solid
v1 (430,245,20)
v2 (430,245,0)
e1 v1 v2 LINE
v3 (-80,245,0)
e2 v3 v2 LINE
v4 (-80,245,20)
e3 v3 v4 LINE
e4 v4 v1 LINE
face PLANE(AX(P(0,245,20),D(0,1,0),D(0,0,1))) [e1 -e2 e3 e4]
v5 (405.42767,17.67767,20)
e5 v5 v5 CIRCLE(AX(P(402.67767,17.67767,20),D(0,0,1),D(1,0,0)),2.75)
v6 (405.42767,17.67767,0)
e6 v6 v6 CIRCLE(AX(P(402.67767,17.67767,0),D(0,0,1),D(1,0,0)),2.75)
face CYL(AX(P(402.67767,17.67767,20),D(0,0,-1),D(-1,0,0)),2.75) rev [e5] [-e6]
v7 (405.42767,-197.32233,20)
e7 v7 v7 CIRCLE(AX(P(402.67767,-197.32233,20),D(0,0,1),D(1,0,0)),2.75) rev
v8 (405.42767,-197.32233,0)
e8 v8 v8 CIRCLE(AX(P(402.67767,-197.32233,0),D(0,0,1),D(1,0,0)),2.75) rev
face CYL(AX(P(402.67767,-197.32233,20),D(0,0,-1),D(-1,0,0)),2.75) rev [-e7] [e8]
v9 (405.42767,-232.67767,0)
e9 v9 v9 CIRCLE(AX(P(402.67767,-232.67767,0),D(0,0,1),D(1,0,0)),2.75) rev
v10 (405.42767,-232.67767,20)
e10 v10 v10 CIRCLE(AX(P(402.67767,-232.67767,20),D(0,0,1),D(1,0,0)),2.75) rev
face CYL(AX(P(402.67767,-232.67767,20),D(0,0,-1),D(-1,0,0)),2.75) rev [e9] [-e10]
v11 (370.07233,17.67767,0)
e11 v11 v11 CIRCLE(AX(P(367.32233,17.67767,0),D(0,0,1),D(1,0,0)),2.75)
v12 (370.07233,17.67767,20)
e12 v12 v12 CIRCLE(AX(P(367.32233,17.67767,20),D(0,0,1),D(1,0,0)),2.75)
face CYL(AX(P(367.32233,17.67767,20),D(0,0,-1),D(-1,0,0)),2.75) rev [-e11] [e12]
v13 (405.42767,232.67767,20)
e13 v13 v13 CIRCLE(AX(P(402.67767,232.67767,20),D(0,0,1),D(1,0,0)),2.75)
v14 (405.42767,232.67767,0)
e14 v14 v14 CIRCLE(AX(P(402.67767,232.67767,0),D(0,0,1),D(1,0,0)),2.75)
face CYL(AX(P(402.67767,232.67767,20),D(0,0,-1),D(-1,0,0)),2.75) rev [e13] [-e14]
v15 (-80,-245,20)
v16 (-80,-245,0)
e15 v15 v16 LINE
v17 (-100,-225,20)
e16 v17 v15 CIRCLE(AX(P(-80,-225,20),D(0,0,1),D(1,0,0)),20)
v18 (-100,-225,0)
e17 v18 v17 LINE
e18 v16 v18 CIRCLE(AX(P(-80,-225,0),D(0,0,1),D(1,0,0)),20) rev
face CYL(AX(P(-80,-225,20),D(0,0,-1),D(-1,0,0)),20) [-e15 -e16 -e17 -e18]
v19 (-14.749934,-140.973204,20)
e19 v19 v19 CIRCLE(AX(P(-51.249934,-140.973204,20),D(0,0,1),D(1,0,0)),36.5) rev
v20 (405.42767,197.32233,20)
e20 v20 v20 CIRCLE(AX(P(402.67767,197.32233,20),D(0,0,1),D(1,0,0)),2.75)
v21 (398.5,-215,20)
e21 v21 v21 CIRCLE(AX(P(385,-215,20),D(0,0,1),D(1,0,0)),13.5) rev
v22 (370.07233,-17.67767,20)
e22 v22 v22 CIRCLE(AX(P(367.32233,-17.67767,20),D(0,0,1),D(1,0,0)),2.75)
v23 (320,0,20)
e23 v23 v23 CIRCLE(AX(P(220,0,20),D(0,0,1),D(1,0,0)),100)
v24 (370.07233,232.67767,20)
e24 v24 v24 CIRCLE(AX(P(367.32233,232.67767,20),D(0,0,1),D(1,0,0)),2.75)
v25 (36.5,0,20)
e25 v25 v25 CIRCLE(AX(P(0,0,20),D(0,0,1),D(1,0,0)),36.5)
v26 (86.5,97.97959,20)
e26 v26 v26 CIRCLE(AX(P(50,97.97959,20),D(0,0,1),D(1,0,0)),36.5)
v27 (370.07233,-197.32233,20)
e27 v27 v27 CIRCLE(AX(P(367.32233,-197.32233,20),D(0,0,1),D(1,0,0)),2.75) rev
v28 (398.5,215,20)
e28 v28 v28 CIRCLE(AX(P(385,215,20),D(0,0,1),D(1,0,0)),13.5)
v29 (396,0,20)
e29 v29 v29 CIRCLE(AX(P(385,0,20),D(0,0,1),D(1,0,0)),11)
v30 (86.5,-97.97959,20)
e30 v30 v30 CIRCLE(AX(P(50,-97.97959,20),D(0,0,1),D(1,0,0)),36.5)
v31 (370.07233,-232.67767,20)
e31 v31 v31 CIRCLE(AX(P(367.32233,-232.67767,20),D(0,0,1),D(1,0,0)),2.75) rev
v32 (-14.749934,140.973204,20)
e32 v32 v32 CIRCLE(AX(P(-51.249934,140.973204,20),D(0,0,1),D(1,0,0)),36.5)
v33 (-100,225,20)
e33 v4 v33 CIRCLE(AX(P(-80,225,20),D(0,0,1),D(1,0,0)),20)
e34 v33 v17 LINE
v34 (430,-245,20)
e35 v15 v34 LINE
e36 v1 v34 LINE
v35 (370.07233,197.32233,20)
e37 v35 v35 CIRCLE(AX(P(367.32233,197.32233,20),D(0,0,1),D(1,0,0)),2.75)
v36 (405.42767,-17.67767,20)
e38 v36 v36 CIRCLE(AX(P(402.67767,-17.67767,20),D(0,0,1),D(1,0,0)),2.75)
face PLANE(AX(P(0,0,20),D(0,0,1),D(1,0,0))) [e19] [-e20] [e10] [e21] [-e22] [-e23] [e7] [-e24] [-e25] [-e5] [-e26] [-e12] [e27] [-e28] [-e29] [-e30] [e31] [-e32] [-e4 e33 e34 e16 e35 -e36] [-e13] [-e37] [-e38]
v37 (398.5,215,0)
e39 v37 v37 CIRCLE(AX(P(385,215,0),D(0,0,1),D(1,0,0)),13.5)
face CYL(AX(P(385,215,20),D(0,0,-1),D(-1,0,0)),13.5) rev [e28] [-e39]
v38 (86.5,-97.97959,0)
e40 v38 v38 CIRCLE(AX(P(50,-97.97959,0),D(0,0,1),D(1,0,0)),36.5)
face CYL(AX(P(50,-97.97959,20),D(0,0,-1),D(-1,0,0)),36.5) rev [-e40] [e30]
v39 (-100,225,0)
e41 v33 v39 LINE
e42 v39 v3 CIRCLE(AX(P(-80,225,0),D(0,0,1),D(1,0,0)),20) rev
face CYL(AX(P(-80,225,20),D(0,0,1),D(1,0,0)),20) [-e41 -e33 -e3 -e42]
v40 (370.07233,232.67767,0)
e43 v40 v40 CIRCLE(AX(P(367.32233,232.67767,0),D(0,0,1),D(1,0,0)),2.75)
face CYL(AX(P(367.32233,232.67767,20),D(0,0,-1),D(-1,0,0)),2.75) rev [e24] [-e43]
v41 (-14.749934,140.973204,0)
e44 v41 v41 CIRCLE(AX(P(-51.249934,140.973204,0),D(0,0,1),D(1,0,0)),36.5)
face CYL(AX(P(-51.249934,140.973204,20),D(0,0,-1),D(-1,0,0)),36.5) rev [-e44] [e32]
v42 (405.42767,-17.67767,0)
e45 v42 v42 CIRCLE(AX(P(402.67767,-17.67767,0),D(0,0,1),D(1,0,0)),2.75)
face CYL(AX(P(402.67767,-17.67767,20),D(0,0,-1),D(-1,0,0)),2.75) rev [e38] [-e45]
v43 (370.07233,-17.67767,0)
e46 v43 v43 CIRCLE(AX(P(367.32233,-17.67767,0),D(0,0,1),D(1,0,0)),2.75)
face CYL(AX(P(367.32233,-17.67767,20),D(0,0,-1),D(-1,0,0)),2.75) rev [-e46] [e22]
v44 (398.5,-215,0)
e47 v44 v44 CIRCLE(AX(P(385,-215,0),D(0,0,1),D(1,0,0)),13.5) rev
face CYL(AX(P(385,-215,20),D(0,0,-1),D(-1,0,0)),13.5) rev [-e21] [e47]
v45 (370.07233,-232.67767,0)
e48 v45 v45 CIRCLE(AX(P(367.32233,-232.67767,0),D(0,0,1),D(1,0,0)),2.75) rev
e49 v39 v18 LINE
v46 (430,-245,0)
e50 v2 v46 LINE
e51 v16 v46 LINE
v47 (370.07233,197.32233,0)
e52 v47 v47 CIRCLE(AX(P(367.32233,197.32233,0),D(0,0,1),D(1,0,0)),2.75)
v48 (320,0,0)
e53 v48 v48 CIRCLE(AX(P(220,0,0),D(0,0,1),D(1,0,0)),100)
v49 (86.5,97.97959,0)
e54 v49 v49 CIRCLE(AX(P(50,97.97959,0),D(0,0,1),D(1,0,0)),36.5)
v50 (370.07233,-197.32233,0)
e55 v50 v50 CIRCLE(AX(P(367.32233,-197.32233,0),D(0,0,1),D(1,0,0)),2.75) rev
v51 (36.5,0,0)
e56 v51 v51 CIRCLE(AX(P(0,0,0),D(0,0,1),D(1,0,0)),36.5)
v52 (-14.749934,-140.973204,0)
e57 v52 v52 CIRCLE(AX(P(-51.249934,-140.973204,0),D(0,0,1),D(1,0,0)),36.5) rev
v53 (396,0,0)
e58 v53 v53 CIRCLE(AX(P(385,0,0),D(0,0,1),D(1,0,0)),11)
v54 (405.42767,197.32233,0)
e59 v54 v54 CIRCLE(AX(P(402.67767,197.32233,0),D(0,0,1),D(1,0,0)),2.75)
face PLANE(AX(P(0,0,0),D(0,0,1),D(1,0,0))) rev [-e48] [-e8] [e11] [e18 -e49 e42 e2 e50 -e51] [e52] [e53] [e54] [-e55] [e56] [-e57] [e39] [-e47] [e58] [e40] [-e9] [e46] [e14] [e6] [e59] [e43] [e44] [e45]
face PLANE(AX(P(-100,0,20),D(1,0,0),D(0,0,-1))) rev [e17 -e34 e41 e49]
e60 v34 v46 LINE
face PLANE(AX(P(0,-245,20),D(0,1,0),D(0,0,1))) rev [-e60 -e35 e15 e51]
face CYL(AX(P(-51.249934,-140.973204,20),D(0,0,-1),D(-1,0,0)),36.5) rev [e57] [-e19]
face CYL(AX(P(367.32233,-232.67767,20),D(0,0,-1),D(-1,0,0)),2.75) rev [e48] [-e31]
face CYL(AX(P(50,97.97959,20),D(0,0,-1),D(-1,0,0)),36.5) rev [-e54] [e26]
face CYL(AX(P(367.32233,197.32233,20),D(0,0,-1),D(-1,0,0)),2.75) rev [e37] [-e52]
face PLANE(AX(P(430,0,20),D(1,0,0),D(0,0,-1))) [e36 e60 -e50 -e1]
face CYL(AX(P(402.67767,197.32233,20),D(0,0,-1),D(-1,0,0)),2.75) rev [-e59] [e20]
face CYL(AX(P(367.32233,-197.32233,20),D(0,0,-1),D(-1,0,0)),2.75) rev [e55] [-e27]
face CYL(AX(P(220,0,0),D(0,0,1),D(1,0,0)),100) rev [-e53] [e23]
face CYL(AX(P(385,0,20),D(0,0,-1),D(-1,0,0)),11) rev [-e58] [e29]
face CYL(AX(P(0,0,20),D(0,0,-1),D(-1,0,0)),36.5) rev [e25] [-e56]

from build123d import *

# Parameters (mm, degrees)
SKETCH_1_W          = 530
SKETCH_1_H          = 490
SKETCH_1_R          = 36.5
SKETCH_1_R_2        = 2.75
SKETCH_1_R_3        = 13.5
SKETCH_1_R_4        = 11
EXTRUDE_1_DEPTH     = 20
FILLET_1_R          = 20
SKETCH_2_R          = 100
CUT_EXTRUDE_1_DEPTH = 496.302937605


with BuildPart() as part:
    # Эскиз1 → Бобышка-Вытянуть1 (new body)
    with BuildSketch(Plane.XY):
        with Locations((165, 0)):
            Rectangle(SKETCH_1_W, SKETCH_1_H)
        with Locations((-51.249933939, -140.973204089)):
            Circle(SKETCH_1_R, mode=Mode.SUBTRACT)
        with Locations((50, -97.979589711)):
            Circle(SKETCH_1_R, mode=Mode.SUBTRACT)
        with Locations((367.32233047, -232.67766953)):
            Circle(SKETCH_1_R_2, mode=Mode.SUBTRACT)
        with Locations((385, -215)):
            Circle(SKETCH_1_R_3, mode=Mode.SUBTRACT)
        with Locations((402.67766953, -232.67766953)):
            Circle(SKETCH_1_R_2, mode=Mode.SUBTRACT)
        with Locations((367.32233047, -197.32233047)):
            Circle(SKETCH_1_R_2, mode=Mode.SUBTRACT)
        with Locations((402.67766953, -197.32233047)):
            Circle(SKETCH_1_R_2, mode=Mode.SUBTRACT)
        with Locations((367.32233047, -17.67766953)):
            Circle(SKETCH_1_R_2, mode=Mode.SUBTRACT)
        with Locations((402.67766953, -17.67766953)):
            Circle(SKETCH_1_R_2, mode=Mode.SUBTRACT)
        Circle(SKETCH_1_R, mode=Mode.SUBTRACT)
        with Locations((50, 97.979589711)):
            Circle(SKETCH_1_R, mode=Mode.SUBTRACT)
        with Locations((-51.249933939, 140.973204089)):
            Circle(SKETCH_1_R, mode=Mode.SUBTRACT)
        with Locations((385, 0)):
            Circle(SKETCH_1_R_4, mode=Mode.SUBTRACT)
        with Locations((367.32233047, 17.67766953)):
            Circle(SKETCH_1_R_2, mode=Mode.SUBTRACT)
        with Locations((402.67766953, 17.67766953)):
            Circle(SKETCH_1_R_2, mode=Mode.SUBTRACT)
        with Locations((367.32233047, 197.32233047)):
            Circle(SKETCH_1_R_2, mode=Mode.SUBTRACT)
        with Locations((402.67766953, 197.32233047)):
            Circle(SKETCH_1_R_2, mode=Mode.SUBTRACT)
        with Locations((385, 215)):
            Circle(SKETCH_1_R_3, mode=Mode.SUBTRACT)
        with Locations((367.32233047, 232.67766953)):
            Circle(SKETCH_1_R_2, mode=Mode.SUBTRACT)
        with Locations((402.67766953, 232.67766953)):
            Circle(SKETCH_1_R_2, mode=Mode.SUBTRACT)
    extrude(amount=EXTRUDE_1_DEPTH)

    # Скругление1
    fillet_1_edges = [part.edges().sort_by_distance(p)[0] for p in [
        (-100, 245, 10),
        (-100, -245, 10),
    ]]
    fillet(fillet_1_edges, radius=FILLET_1_R)

    # Эскиз2 → Вырез-Вытянуть1 (cut, through all)
    with BuildSketch(Plane.XY.offset(20)):
        with Locations((220, 0)):
            Circle(SKETCH_2_R)
    extrude(amount=-CUT_EXTRUDE_1_DEPTH, mode=Mode.SUBTRACT)


solid = part.part
